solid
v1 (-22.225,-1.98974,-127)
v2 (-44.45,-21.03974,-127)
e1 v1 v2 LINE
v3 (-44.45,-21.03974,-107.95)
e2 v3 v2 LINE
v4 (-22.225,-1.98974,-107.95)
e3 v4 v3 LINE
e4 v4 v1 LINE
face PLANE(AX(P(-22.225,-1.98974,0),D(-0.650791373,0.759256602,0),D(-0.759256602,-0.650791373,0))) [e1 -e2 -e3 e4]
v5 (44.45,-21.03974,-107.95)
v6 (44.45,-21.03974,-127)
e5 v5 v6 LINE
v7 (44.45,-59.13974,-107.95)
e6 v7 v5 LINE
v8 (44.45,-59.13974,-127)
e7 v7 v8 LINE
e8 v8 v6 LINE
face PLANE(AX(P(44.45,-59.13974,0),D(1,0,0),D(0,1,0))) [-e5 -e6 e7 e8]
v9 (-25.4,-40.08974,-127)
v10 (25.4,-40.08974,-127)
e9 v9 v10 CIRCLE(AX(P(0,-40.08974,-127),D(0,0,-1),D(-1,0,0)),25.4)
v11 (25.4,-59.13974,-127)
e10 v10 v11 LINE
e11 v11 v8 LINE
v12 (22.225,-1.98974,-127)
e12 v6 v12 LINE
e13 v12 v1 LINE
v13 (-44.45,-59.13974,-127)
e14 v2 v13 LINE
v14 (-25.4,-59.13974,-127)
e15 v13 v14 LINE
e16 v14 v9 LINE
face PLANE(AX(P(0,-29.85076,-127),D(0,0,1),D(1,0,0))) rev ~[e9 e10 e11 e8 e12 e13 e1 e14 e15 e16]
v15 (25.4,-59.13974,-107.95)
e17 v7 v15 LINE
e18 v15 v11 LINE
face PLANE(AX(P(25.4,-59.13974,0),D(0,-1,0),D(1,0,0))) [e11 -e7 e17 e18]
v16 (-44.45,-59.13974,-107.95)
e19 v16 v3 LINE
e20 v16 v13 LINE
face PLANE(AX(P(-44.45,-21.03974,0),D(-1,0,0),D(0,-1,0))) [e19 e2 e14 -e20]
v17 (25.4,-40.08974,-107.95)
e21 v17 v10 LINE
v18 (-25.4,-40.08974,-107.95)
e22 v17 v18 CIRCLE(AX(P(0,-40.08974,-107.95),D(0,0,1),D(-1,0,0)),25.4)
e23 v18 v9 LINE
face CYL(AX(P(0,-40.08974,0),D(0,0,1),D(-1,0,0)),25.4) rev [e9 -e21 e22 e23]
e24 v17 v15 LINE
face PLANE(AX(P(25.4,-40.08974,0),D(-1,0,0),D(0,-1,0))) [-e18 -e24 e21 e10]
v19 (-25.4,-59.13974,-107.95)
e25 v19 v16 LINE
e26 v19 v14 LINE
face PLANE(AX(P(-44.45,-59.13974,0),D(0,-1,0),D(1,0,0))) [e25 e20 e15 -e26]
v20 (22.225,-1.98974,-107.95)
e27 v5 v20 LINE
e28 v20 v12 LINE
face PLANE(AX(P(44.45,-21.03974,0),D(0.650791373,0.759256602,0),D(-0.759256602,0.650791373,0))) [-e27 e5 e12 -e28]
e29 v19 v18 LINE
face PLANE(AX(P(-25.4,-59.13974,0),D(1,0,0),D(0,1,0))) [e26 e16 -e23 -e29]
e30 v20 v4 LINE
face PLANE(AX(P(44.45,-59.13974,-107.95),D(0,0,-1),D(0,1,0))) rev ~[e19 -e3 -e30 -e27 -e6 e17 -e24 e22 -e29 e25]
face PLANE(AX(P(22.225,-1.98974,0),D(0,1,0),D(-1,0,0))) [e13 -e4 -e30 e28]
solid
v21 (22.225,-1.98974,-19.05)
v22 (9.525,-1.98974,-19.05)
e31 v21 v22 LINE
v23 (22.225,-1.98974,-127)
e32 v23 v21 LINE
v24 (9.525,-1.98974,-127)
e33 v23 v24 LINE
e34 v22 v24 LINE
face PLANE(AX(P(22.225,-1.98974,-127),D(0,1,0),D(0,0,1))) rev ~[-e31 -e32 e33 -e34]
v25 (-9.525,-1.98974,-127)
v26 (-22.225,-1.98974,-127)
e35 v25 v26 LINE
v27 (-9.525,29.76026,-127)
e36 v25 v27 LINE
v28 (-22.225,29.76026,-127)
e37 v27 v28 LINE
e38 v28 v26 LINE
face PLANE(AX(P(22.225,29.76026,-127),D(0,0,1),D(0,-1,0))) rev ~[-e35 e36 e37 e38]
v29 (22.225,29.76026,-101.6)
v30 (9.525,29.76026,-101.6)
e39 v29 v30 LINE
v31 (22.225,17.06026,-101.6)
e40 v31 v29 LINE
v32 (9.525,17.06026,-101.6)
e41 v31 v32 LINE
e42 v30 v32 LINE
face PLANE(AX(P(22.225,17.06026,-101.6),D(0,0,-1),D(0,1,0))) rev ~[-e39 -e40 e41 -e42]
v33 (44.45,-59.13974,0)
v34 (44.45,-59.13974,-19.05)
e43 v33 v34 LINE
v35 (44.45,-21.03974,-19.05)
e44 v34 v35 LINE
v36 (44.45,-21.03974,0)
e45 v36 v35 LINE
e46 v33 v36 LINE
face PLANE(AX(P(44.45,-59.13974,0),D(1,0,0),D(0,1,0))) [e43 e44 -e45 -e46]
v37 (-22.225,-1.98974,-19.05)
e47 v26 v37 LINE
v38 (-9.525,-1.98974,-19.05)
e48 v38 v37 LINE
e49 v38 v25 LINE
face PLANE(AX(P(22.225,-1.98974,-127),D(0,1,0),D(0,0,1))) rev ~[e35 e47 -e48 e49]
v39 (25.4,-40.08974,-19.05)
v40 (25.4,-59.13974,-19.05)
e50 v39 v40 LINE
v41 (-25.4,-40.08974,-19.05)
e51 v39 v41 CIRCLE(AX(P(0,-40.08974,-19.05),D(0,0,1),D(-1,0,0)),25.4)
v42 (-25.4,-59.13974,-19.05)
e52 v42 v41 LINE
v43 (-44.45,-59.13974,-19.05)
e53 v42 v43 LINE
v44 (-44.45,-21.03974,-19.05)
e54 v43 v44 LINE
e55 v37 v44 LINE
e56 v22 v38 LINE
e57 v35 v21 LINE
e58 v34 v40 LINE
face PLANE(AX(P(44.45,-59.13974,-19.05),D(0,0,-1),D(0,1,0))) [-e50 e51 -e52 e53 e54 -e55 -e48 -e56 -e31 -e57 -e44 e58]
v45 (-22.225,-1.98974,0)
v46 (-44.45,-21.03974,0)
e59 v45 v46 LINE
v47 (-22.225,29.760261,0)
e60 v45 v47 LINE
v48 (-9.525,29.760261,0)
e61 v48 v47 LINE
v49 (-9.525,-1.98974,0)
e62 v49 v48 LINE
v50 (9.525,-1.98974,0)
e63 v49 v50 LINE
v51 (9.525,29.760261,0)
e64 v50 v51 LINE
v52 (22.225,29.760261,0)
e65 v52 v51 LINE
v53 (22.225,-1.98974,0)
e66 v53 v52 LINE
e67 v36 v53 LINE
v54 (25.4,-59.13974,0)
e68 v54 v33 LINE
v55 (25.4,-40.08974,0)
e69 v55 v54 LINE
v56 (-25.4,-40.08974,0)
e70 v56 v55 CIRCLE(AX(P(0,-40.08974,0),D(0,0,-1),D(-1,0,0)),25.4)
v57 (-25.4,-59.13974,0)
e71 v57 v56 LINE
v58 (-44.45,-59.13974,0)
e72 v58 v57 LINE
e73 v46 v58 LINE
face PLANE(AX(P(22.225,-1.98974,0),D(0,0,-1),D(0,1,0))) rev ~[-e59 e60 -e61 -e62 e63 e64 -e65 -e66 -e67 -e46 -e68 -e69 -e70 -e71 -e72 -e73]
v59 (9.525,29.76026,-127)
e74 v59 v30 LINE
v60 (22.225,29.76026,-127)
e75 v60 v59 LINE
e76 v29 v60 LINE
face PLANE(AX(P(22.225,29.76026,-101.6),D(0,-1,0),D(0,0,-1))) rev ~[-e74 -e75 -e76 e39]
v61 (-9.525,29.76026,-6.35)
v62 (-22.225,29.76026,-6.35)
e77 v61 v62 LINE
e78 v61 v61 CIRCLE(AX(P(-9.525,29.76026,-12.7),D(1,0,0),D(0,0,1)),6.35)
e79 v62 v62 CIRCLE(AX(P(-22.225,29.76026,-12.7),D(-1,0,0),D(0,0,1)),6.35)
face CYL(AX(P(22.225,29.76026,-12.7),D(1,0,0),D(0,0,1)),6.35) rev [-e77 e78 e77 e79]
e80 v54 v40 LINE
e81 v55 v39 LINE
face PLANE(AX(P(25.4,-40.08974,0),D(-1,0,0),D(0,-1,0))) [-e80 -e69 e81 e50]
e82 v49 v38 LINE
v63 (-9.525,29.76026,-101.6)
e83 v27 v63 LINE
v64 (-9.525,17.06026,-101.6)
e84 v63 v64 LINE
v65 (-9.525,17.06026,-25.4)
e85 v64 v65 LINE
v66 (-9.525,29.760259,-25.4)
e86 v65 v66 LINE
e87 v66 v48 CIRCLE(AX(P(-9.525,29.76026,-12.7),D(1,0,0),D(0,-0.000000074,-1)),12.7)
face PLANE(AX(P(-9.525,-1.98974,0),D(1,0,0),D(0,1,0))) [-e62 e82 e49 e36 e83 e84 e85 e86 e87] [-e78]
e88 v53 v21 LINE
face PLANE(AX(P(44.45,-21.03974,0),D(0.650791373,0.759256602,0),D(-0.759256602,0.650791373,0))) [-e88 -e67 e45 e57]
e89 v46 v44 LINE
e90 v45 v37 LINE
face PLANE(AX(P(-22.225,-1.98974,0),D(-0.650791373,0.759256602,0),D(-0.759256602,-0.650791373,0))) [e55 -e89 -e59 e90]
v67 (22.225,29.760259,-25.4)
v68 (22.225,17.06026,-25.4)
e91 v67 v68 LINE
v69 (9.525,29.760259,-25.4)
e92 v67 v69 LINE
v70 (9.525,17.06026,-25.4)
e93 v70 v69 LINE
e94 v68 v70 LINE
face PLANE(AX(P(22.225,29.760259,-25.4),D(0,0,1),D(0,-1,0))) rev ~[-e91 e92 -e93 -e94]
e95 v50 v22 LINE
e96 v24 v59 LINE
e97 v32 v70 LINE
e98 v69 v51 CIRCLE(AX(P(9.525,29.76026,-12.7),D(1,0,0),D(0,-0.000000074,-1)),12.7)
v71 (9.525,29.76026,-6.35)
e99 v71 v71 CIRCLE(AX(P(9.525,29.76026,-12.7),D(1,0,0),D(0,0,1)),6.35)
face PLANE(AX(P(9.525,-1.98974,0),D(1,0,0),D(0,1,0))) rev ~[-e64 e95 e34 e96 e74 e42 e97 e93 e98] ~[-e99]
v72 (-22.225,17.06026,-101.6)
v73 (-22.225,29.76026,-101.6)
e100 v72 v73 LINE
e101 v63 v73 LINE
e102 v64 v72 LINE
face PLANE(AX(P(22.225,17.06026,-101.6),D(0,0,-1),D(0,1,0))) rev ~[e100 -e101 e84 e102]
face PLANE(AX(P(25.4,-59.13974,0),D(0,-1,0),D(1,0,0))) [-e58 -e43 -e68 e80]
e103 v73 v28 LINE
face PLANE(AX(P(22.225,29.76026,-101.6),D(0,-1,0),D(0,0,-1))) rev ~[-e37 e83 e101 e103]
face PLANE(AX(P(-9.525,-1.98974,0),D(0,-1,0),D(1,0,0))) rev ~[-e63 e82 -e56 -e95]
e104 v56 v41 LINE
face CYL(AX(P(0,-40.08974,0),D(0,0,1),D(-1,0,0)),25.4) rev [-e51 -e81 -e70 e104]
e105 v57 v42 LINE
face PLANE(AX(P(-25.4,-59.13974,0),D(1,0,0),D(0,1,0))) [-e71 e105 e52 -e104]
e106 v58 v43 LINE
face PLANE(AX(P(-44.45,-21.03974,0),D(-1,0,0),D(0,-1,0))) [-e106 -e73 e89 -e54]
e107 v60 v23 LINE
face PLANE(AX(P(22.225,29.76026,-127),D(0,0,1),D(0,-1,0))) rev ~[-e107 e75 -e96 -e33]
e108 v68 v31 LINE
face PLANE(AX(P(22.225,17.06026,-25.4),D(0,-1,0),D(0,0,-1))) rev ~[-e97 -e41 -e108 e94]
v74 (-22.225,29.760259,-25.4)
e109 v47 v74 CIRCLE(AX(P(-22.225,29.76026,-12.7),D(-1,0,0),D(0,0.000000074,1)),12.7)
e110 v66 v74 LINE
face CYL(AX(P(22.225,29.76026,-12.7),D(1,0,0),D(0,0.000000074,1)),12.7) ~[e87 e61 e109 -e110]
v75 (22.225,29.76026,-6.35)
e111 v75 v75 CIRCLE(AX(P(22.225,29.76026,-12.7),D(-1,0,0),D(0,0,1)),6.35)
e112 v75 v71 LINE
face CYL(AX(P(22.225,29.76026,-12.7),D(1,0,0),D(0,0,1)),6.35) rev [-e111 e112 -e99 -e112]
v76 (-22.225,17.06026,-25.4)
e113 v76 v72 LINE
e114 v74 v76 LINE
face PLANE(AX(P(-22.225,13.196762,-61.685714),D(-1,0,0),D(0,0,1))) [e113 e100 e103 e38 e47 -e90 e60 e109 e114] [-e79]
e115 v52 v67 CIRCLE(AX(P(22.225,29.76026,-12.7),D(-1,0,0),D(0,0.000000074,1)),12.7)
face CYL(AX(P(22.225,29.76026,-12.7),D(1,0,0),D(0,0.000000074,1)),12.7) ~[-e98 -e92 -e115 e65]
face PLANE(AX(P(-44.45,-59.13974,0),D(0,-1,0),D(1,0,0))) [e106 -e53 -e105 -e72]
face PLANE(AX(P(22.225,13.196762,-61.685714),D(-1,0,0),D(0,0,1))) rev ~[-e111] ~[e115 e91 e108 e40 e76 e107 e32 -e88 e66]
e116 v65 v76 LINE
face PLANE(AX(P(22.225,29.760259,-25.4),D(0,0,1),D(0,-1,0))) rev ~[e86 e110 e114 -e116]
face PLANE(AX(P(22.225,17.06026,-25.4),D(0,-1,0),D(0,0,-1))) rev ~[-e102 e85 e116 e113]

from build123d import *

# Parameters (mm, degrees)
BOSS_EXTRUDE1_DEPTH = 127
SKETCH2_W           = 88.9
SKETCH2_H           = 57.15
CUT_EXTRUDE1_DEPTH  = 88.9
SKETCH3_R           = 6.35
BOSS_EXTRUDE2_DEPTH = 44.45
SKETCH4_W           = 19.05
SKETCH4_H           = 44.45
CUT_EXTRUDE2_DEPTH  = 127


with BuildPart() as part:
    # Sketch1 → Boss-Extrude1 (new body)
    with BuildSketch(Plane.XY):
        with BuildLine():
            Line((-44.45, -21.039739617), (-44.45, -59.139739617))
            Line((-44.45, -59.139739617), (-25.4, -59.139739617))
            Line((-25.4, -59.139739617), (-25.4, -40.089739617))
            ThreePointArc((-25.4, -40.089739617), (0, -14.689739617), (25.4, -40.089739617))
            Line((25.4, -40.089739617), (25.4, -59.139739617))
            Line((25.4, -59.139739617), (44.45, -59.139739617))
            Line((44.45, -59.139739617), (44.45, -21.039739617))
            Line((44.45, -21.039739617), (22.225, -1.989739617))
            Line((22.225, -1.989739617), (-22.225, -1.989739617))
            Line((-22.225, -1.989739617), (-44.45, -21.039739617))
        make_face()
    extrude(amount=-BOSS_EXTRUDE1_DEPTH)

    # Sketch2 → Cut-Extrude1 (cut)
    with BuildSketch(Plane(origin=(44.45, 0, 0), x_dir=(0, 0, -1), z_dir=(1, 0, 0))):
        with Locations((63.5, -30.564739617)):
            Rectangle(SKETCH2_W, SKETCH2_H)
    extrude(amount=-CUT_EXTRUDE1_DEPTH, mode=Mode.SUBTRACT)


with BuildPart() as cut_extrude1_piece_1:
    # of the separate pieces the step leaves, piece 1, a body of its own (cut_extrude1_pieces)
    add(part.part.solids().sort_by_distance((-44.45, -21.039739617, 0))[0])

    # Sketch3 → Boss-Extrude2 (add)
    with BuildSketch(Plane.ZY.offset(-22.225)):
        with BuildLine():
            Line((0, -1.989739617), (0, 29.760261325))
            ThreePointArc((0, 29.760261325), (-12.700000942, 42.460260383), (-25.4, 29.760259441))
            Line((-25.4, 29.760259441), (-25.4, 17.060260383))
            Line((-25.4, 17.060260383), (-101.6, 17.060260383))
            Line((-101.6, 17.060260383), (-101.6, 29.760260383))
            Line((-101.6, 29.760260383), (-127, 29.760260383))
            Line((-127, 29.760260383), (-127, -1.989739617))
            Line((-127, -1.989739617), (0, -1.989739617))
        make_face()
        with Locations((-12.7, 29.760260383)):
            Circle(SKETCH3_R, mode=Mode.SUBTRACT)
    extrude(amount=BOSS_EXTRUDE2_DEPTH)

    # Sketch4 → Cut-Extrude2 (cut)
    with BuildSketch(Plane.XY):
        with Locations((0, 20.235260383)):
            Rectangle(SKETCH4_W, SKETCH4_H)
    extrude(amount=-CUT_EXTRUDE2_DEPTH, mode=Mode.SUBTRACT)


with BuildPart() as cut_extrude1_piece_2:
    # of the separate pieces the step leaves, piece 2, a body of its own (cut_extrude1_pieces)
    add(part.part.solids().sort_by_distance((-44.45, -21.039739617, -107.95))[0])


solid = Compound([cut_extrude1_piece_1.part, cut_extrude1_piece_2.part])
